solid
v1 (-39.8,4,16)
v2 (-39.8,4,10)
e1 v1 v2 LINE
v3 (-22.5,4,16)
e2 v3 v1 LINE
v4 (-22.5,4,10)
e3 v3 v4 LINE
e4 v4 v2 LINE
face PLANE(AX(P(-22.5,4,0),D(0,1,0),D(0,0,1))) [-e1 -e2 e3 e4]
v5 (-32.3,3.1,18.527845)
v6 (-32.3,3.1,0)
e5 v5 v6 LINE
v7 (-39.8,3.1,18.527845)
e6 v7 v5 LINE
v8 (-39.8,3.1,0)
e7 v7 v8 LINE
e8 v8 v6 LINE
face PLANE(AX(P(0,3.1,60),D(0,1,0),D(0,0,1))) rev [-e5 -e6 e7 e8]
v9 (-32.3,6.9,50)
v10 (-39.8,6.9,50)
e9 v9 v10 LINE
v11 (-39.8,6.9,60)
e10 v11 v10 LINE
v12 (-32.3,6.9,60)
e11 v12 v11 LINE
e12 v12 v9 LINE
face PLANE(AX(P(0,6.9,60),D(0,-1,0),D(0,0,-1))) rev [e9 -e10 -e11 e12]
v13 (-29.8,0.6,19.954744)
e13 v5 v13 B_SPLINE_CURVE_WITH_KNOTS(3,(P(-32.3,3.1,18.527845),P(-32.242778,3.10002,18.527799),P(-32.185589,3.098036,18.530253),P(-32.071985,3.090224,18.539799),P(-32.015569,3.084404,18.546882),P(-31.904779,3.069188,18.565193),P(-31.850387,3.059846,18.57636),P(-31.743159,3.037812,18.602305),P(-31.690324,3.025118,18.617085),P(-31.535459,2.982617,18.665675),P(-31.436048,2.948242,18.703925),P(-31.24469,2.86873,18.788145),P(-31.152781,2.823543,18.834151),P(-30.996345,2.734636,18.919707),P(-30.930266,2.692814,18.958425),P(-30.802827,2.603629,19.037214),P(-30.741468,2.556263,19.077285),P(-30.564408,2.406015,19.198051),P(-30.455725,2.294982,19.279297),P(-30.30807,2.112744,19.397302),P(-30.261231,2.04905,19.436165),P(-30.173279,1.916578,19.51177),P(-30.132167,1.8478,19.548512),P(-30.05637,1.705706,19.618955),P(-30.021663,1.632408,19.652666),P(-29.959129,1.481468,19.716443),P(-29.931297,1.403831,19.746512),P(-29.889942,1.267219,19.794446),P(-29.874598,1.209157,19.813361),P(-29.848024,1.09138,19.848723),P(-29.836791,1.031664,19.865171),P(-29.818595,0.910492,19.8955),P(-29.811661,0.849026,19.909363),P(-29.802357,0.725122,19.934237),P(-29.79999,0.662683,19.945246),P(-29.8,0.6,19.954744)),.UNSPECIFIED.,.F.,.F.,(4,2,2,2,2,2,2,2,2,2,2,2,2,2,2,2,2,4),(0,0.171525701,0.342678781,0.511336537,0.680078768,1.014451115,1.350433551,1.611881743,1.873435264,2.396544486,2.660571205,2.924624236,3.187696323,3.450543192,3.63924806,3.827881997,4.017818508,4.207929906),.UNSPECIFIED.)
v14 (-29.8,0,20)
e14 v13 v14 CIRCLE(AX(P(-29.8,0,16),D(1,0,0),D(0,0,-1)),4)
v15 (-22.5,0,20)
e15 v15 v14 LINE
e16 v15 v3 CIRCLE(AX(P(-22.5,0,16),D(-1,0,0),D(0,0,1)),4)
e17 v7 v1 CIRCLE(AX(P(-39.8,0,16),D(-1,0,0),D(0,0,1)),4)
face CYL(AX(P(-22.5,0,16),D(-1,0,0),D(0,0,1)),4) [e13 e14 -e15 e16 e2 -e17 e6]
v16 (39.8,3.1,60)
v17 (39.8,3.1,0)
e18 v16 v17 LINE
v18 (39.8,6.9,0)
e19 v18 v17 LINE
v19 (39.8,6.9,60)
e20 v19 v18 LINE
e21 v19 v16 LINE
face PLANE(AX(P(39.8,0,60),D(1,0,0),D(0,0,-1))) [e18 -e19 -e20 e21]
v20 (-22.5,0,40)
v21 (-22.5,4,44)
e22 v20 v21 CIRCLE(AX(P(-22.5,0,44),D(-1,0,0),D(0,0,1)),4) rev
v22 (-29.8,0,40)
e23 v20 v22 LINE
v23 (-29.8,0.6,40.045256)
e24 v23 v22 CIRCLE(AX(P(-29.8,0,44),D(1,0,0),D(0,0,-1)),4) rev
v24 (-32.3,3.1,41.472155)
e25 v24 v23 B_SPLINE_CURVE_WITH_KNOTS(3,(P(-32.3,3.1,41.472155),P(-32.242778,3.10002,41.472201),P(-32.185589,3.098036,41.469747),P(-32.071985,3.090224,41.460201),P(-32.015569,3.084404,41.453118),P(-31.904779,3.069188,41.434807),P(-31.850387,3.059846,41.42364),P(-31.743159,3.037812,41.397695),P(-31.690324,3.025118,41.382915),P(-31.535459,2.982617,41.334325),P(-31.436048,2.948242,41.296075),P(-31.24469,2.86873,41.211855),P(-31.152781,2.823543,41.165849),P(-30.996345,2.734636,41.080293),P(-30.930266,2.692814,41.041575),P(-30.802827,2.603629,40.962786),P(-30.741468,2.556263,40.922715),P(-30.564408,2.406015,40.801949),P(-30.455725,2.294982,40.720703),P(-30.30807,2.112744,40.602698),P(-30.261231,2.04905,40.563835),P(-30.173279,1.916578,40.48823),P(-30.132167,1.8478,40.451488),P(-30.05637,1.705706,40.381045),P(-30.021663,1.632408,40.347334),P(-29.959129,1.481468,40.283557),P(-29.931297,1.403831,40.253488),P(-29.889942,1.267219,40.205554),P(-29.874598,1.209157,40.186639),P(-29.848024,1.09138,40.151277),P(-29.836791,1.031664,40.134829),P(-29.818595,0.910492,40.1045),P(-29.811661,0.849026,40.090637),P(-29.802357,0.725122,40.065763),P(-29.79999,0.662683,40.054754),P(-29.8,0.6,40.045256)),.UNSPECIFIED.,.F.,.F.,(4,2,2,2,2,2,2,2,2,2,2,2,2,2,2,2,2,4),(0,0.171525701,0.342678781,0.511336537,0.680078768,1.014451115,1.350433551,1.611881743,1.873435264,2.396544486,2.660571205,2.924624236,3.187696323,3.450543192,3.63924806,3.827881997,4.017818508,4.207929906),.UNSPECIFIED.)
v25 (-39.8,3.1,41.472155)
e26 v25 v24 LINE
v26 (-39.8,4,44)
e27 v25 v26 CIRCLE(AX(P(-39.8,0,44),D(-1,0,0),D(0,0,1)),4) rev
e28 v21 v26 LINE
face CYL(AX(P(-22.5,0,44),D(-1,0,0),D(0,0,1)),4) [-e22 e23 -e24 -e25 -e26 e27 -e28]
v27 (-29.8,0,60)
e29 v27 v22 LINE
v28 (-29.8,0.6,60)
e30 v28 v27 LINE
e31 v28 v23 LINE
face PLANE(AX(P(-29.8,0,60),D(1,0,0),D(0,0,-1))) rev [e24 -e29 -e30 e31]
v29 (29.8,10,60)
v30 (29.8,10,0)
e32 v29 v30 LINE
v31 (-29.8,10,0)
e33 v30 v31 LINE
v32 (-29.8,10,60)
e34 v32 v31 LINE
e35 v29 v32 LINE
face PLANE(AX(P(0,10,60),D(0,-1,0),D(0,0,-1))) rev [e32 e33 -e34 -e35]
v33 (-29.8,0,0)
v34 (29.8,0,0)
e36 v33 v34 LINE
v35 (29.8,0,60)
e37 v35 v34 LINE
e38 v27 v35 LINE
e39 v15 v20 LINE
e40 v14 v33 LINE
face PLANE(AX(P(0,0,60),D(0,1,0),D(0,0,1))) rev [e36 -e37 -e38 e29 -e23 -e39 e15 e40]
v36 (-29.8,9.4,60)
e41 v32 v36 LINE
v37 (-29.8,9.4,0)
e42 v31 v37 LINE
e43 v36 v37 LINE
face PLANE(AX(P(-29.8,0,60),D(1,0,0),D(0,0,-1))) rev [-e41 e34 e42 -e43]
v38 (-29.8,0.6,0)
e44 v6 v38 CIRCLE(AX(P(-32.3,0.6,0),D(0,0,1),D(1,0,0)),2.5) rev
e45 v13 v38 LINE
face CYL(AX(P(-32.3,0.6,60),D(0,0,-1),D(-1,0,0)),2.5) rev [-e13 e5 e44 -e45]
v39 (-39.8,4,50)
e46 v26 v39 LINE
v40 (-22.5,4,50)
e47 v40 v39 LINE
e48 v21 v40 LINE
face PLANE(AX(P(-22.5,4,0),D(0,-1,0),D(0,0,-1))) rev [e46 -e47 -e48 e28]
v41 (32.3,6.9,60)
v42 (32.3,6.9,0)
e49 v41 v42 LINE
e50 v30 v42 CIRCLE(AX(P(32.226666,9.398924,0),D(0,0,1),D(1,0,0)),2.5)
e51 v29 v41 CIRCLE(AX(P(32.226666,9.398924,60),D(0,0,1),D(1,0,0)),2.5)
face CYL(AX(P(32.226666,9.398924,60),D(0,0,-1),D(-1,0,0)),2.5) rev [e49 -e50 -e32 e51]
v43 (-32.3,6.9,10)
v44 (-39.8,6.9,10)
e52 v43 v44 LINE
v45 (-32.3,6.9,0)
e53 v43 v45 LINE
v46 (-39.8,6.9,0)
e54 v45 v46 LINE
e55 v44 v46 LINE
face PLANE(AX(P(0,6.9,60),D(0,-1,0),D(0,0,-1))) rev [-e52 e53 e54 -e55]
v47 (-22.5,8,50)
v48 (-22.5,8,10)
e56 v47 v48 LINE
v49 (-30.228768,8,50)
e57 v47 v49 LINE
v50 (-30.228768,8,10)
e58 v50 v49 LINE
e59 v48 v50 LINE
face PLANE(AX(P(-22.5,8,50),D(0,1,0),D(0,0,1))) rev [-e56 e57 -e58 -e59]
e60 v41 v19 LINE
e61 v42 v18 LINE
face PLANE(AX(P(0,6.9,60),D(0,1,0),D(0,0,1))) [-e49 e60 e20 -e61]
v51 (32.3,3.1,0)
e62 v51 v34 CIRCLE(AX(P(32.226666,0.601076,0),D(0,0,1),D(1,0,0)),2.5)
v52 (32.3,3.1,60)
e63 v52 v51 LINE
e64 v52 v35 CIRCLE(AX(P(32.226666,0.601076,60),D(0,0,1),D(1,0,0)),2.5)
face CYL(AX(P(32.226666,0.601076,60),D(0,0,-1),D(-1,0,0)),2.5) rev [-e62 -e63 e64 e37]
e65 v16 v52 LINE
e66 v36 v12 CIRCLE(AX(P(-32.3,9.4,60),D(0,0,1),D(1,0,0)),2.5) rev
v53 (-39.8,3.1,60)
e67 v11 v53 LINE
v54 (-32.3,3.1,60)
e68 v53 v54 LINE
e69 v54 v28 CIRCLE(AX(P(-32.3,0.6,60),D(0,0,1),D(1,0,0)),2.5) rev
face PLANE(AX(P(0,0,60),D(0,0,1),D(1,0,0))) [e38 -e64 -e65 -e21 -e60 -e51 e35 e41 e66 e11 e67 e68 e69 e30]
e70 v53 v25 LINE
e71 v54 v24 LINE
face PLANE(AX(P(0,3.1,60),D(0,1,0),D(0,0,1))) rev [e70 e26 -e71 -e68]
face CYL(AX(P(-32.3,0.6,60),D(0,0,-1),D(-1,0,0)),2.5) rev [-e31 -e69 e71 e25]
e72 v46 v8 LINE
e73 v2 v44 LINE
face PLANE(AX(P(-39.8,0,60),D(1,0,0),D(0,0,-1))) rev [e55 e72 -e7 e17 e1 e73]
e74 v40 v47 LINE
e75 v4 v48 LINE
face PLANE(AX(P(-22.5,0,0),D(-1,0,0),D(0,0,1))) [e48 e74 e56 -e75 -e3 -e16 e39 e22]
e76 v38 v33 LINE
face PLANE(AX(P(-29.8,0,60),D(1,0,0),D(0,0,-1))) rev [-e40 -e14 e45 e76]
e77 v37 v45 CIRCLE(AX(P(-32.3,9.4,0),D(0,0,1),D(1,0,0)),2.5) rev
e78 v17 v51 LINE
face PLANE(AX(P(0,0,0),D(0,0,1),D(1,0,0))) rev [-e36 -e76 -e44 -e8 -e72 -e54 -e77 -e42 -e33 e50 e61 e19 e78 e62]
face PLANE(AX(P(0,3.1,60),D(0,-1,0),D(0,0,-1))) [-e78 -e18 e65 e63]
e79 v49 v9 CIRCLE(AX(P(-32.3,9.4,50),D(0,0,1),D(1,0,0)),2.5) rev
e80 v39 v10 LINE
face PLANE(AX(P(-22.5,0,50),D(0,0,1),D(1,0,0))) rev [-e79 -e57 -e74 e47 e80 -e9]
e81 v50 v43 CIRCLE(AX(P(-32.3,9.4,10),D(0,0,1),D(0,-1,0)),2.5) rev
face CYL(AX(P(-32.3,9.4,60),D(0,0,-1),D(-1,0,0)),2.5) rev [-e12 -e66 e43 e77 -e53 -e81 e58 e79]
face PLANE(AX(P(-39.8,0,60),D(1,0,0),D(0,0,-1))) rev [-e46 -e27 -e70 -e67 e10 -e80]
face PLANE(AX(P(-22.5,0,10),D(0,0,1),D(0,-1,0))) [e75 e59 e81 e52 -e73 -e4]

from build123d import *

# Parameters (mm, degrees)
EXTRUDE_1_DEPTH     = 60
CUT_EXTRUDE_1_DEPTH = 17.3


with BuildPart() as part:
    # 스케치1 → 보스-돌출1 (new body)
    with BuildSketch(Plane.XY):
        with BuildLine():
            Line((29.8, 10), (-29.8, 10))
            Line((-29.8, 10), (-29.8, 9.4))
            ThreePointArc((-29.8, 9.4), (-30.532233047, 7.632233047), (-32.3, 6.9))
            Line((-32.3, 6.9), (-39.8, 6.9))
            Line((-39.8, 6.9), (-39.8, 3.1))
            Line((-39.8, 3.1), (-32.3, 3.1))
            ThreePointArc((-32.3, 3.1), (-30.532233047, 2.367766953), (-29.8, 0.6))
            Line((-29.8, 0.6), (-29.8, 0))
            Line((-29.8, 0), (29.8, 0))
            ThreePointArc((29.8, 0), (30.280633401, 2.170456935), (32.3, 3.1))
            Line((32.3, 3.1), (39.8, 3.1))
            Line((39.8, 3.1), (39.8, 6.9))
            Line((39.8, 6.9), (32.3, 6.9))
            ThreePointArc((32.3, 6.9), (30.280633401, 7.829543065), (29.8, 10))
        make_face()
    extrude(amount=EXTRUDE_1_DEPTH)

    # 스케치2 → 컷-돌출1 (cut)
    with BuildSketch(Plane.ZY.offset(39.8)):
        with BuildLine():
            Line((44, 4), (50, 4))
            Line((50, 4), (50, 8))
            Line((50, 8), (10, 8))
            Line((10, 8), (10, 4))
            Line((10, 4), (16, 4))
            ThreePointArc((16, 4), (18.828427125, 2.828427125), (20, 0))
            Line((20, 0), (40, 0))
            ThreePointArc((40, 0), (41.171572875, 2.828427125), (44, 4))
        make_face()
    extrude(amount=-CUT_EXTRUDE_1_DEPTH, mode=Mode.SUBTRACT)


solid = part.part
